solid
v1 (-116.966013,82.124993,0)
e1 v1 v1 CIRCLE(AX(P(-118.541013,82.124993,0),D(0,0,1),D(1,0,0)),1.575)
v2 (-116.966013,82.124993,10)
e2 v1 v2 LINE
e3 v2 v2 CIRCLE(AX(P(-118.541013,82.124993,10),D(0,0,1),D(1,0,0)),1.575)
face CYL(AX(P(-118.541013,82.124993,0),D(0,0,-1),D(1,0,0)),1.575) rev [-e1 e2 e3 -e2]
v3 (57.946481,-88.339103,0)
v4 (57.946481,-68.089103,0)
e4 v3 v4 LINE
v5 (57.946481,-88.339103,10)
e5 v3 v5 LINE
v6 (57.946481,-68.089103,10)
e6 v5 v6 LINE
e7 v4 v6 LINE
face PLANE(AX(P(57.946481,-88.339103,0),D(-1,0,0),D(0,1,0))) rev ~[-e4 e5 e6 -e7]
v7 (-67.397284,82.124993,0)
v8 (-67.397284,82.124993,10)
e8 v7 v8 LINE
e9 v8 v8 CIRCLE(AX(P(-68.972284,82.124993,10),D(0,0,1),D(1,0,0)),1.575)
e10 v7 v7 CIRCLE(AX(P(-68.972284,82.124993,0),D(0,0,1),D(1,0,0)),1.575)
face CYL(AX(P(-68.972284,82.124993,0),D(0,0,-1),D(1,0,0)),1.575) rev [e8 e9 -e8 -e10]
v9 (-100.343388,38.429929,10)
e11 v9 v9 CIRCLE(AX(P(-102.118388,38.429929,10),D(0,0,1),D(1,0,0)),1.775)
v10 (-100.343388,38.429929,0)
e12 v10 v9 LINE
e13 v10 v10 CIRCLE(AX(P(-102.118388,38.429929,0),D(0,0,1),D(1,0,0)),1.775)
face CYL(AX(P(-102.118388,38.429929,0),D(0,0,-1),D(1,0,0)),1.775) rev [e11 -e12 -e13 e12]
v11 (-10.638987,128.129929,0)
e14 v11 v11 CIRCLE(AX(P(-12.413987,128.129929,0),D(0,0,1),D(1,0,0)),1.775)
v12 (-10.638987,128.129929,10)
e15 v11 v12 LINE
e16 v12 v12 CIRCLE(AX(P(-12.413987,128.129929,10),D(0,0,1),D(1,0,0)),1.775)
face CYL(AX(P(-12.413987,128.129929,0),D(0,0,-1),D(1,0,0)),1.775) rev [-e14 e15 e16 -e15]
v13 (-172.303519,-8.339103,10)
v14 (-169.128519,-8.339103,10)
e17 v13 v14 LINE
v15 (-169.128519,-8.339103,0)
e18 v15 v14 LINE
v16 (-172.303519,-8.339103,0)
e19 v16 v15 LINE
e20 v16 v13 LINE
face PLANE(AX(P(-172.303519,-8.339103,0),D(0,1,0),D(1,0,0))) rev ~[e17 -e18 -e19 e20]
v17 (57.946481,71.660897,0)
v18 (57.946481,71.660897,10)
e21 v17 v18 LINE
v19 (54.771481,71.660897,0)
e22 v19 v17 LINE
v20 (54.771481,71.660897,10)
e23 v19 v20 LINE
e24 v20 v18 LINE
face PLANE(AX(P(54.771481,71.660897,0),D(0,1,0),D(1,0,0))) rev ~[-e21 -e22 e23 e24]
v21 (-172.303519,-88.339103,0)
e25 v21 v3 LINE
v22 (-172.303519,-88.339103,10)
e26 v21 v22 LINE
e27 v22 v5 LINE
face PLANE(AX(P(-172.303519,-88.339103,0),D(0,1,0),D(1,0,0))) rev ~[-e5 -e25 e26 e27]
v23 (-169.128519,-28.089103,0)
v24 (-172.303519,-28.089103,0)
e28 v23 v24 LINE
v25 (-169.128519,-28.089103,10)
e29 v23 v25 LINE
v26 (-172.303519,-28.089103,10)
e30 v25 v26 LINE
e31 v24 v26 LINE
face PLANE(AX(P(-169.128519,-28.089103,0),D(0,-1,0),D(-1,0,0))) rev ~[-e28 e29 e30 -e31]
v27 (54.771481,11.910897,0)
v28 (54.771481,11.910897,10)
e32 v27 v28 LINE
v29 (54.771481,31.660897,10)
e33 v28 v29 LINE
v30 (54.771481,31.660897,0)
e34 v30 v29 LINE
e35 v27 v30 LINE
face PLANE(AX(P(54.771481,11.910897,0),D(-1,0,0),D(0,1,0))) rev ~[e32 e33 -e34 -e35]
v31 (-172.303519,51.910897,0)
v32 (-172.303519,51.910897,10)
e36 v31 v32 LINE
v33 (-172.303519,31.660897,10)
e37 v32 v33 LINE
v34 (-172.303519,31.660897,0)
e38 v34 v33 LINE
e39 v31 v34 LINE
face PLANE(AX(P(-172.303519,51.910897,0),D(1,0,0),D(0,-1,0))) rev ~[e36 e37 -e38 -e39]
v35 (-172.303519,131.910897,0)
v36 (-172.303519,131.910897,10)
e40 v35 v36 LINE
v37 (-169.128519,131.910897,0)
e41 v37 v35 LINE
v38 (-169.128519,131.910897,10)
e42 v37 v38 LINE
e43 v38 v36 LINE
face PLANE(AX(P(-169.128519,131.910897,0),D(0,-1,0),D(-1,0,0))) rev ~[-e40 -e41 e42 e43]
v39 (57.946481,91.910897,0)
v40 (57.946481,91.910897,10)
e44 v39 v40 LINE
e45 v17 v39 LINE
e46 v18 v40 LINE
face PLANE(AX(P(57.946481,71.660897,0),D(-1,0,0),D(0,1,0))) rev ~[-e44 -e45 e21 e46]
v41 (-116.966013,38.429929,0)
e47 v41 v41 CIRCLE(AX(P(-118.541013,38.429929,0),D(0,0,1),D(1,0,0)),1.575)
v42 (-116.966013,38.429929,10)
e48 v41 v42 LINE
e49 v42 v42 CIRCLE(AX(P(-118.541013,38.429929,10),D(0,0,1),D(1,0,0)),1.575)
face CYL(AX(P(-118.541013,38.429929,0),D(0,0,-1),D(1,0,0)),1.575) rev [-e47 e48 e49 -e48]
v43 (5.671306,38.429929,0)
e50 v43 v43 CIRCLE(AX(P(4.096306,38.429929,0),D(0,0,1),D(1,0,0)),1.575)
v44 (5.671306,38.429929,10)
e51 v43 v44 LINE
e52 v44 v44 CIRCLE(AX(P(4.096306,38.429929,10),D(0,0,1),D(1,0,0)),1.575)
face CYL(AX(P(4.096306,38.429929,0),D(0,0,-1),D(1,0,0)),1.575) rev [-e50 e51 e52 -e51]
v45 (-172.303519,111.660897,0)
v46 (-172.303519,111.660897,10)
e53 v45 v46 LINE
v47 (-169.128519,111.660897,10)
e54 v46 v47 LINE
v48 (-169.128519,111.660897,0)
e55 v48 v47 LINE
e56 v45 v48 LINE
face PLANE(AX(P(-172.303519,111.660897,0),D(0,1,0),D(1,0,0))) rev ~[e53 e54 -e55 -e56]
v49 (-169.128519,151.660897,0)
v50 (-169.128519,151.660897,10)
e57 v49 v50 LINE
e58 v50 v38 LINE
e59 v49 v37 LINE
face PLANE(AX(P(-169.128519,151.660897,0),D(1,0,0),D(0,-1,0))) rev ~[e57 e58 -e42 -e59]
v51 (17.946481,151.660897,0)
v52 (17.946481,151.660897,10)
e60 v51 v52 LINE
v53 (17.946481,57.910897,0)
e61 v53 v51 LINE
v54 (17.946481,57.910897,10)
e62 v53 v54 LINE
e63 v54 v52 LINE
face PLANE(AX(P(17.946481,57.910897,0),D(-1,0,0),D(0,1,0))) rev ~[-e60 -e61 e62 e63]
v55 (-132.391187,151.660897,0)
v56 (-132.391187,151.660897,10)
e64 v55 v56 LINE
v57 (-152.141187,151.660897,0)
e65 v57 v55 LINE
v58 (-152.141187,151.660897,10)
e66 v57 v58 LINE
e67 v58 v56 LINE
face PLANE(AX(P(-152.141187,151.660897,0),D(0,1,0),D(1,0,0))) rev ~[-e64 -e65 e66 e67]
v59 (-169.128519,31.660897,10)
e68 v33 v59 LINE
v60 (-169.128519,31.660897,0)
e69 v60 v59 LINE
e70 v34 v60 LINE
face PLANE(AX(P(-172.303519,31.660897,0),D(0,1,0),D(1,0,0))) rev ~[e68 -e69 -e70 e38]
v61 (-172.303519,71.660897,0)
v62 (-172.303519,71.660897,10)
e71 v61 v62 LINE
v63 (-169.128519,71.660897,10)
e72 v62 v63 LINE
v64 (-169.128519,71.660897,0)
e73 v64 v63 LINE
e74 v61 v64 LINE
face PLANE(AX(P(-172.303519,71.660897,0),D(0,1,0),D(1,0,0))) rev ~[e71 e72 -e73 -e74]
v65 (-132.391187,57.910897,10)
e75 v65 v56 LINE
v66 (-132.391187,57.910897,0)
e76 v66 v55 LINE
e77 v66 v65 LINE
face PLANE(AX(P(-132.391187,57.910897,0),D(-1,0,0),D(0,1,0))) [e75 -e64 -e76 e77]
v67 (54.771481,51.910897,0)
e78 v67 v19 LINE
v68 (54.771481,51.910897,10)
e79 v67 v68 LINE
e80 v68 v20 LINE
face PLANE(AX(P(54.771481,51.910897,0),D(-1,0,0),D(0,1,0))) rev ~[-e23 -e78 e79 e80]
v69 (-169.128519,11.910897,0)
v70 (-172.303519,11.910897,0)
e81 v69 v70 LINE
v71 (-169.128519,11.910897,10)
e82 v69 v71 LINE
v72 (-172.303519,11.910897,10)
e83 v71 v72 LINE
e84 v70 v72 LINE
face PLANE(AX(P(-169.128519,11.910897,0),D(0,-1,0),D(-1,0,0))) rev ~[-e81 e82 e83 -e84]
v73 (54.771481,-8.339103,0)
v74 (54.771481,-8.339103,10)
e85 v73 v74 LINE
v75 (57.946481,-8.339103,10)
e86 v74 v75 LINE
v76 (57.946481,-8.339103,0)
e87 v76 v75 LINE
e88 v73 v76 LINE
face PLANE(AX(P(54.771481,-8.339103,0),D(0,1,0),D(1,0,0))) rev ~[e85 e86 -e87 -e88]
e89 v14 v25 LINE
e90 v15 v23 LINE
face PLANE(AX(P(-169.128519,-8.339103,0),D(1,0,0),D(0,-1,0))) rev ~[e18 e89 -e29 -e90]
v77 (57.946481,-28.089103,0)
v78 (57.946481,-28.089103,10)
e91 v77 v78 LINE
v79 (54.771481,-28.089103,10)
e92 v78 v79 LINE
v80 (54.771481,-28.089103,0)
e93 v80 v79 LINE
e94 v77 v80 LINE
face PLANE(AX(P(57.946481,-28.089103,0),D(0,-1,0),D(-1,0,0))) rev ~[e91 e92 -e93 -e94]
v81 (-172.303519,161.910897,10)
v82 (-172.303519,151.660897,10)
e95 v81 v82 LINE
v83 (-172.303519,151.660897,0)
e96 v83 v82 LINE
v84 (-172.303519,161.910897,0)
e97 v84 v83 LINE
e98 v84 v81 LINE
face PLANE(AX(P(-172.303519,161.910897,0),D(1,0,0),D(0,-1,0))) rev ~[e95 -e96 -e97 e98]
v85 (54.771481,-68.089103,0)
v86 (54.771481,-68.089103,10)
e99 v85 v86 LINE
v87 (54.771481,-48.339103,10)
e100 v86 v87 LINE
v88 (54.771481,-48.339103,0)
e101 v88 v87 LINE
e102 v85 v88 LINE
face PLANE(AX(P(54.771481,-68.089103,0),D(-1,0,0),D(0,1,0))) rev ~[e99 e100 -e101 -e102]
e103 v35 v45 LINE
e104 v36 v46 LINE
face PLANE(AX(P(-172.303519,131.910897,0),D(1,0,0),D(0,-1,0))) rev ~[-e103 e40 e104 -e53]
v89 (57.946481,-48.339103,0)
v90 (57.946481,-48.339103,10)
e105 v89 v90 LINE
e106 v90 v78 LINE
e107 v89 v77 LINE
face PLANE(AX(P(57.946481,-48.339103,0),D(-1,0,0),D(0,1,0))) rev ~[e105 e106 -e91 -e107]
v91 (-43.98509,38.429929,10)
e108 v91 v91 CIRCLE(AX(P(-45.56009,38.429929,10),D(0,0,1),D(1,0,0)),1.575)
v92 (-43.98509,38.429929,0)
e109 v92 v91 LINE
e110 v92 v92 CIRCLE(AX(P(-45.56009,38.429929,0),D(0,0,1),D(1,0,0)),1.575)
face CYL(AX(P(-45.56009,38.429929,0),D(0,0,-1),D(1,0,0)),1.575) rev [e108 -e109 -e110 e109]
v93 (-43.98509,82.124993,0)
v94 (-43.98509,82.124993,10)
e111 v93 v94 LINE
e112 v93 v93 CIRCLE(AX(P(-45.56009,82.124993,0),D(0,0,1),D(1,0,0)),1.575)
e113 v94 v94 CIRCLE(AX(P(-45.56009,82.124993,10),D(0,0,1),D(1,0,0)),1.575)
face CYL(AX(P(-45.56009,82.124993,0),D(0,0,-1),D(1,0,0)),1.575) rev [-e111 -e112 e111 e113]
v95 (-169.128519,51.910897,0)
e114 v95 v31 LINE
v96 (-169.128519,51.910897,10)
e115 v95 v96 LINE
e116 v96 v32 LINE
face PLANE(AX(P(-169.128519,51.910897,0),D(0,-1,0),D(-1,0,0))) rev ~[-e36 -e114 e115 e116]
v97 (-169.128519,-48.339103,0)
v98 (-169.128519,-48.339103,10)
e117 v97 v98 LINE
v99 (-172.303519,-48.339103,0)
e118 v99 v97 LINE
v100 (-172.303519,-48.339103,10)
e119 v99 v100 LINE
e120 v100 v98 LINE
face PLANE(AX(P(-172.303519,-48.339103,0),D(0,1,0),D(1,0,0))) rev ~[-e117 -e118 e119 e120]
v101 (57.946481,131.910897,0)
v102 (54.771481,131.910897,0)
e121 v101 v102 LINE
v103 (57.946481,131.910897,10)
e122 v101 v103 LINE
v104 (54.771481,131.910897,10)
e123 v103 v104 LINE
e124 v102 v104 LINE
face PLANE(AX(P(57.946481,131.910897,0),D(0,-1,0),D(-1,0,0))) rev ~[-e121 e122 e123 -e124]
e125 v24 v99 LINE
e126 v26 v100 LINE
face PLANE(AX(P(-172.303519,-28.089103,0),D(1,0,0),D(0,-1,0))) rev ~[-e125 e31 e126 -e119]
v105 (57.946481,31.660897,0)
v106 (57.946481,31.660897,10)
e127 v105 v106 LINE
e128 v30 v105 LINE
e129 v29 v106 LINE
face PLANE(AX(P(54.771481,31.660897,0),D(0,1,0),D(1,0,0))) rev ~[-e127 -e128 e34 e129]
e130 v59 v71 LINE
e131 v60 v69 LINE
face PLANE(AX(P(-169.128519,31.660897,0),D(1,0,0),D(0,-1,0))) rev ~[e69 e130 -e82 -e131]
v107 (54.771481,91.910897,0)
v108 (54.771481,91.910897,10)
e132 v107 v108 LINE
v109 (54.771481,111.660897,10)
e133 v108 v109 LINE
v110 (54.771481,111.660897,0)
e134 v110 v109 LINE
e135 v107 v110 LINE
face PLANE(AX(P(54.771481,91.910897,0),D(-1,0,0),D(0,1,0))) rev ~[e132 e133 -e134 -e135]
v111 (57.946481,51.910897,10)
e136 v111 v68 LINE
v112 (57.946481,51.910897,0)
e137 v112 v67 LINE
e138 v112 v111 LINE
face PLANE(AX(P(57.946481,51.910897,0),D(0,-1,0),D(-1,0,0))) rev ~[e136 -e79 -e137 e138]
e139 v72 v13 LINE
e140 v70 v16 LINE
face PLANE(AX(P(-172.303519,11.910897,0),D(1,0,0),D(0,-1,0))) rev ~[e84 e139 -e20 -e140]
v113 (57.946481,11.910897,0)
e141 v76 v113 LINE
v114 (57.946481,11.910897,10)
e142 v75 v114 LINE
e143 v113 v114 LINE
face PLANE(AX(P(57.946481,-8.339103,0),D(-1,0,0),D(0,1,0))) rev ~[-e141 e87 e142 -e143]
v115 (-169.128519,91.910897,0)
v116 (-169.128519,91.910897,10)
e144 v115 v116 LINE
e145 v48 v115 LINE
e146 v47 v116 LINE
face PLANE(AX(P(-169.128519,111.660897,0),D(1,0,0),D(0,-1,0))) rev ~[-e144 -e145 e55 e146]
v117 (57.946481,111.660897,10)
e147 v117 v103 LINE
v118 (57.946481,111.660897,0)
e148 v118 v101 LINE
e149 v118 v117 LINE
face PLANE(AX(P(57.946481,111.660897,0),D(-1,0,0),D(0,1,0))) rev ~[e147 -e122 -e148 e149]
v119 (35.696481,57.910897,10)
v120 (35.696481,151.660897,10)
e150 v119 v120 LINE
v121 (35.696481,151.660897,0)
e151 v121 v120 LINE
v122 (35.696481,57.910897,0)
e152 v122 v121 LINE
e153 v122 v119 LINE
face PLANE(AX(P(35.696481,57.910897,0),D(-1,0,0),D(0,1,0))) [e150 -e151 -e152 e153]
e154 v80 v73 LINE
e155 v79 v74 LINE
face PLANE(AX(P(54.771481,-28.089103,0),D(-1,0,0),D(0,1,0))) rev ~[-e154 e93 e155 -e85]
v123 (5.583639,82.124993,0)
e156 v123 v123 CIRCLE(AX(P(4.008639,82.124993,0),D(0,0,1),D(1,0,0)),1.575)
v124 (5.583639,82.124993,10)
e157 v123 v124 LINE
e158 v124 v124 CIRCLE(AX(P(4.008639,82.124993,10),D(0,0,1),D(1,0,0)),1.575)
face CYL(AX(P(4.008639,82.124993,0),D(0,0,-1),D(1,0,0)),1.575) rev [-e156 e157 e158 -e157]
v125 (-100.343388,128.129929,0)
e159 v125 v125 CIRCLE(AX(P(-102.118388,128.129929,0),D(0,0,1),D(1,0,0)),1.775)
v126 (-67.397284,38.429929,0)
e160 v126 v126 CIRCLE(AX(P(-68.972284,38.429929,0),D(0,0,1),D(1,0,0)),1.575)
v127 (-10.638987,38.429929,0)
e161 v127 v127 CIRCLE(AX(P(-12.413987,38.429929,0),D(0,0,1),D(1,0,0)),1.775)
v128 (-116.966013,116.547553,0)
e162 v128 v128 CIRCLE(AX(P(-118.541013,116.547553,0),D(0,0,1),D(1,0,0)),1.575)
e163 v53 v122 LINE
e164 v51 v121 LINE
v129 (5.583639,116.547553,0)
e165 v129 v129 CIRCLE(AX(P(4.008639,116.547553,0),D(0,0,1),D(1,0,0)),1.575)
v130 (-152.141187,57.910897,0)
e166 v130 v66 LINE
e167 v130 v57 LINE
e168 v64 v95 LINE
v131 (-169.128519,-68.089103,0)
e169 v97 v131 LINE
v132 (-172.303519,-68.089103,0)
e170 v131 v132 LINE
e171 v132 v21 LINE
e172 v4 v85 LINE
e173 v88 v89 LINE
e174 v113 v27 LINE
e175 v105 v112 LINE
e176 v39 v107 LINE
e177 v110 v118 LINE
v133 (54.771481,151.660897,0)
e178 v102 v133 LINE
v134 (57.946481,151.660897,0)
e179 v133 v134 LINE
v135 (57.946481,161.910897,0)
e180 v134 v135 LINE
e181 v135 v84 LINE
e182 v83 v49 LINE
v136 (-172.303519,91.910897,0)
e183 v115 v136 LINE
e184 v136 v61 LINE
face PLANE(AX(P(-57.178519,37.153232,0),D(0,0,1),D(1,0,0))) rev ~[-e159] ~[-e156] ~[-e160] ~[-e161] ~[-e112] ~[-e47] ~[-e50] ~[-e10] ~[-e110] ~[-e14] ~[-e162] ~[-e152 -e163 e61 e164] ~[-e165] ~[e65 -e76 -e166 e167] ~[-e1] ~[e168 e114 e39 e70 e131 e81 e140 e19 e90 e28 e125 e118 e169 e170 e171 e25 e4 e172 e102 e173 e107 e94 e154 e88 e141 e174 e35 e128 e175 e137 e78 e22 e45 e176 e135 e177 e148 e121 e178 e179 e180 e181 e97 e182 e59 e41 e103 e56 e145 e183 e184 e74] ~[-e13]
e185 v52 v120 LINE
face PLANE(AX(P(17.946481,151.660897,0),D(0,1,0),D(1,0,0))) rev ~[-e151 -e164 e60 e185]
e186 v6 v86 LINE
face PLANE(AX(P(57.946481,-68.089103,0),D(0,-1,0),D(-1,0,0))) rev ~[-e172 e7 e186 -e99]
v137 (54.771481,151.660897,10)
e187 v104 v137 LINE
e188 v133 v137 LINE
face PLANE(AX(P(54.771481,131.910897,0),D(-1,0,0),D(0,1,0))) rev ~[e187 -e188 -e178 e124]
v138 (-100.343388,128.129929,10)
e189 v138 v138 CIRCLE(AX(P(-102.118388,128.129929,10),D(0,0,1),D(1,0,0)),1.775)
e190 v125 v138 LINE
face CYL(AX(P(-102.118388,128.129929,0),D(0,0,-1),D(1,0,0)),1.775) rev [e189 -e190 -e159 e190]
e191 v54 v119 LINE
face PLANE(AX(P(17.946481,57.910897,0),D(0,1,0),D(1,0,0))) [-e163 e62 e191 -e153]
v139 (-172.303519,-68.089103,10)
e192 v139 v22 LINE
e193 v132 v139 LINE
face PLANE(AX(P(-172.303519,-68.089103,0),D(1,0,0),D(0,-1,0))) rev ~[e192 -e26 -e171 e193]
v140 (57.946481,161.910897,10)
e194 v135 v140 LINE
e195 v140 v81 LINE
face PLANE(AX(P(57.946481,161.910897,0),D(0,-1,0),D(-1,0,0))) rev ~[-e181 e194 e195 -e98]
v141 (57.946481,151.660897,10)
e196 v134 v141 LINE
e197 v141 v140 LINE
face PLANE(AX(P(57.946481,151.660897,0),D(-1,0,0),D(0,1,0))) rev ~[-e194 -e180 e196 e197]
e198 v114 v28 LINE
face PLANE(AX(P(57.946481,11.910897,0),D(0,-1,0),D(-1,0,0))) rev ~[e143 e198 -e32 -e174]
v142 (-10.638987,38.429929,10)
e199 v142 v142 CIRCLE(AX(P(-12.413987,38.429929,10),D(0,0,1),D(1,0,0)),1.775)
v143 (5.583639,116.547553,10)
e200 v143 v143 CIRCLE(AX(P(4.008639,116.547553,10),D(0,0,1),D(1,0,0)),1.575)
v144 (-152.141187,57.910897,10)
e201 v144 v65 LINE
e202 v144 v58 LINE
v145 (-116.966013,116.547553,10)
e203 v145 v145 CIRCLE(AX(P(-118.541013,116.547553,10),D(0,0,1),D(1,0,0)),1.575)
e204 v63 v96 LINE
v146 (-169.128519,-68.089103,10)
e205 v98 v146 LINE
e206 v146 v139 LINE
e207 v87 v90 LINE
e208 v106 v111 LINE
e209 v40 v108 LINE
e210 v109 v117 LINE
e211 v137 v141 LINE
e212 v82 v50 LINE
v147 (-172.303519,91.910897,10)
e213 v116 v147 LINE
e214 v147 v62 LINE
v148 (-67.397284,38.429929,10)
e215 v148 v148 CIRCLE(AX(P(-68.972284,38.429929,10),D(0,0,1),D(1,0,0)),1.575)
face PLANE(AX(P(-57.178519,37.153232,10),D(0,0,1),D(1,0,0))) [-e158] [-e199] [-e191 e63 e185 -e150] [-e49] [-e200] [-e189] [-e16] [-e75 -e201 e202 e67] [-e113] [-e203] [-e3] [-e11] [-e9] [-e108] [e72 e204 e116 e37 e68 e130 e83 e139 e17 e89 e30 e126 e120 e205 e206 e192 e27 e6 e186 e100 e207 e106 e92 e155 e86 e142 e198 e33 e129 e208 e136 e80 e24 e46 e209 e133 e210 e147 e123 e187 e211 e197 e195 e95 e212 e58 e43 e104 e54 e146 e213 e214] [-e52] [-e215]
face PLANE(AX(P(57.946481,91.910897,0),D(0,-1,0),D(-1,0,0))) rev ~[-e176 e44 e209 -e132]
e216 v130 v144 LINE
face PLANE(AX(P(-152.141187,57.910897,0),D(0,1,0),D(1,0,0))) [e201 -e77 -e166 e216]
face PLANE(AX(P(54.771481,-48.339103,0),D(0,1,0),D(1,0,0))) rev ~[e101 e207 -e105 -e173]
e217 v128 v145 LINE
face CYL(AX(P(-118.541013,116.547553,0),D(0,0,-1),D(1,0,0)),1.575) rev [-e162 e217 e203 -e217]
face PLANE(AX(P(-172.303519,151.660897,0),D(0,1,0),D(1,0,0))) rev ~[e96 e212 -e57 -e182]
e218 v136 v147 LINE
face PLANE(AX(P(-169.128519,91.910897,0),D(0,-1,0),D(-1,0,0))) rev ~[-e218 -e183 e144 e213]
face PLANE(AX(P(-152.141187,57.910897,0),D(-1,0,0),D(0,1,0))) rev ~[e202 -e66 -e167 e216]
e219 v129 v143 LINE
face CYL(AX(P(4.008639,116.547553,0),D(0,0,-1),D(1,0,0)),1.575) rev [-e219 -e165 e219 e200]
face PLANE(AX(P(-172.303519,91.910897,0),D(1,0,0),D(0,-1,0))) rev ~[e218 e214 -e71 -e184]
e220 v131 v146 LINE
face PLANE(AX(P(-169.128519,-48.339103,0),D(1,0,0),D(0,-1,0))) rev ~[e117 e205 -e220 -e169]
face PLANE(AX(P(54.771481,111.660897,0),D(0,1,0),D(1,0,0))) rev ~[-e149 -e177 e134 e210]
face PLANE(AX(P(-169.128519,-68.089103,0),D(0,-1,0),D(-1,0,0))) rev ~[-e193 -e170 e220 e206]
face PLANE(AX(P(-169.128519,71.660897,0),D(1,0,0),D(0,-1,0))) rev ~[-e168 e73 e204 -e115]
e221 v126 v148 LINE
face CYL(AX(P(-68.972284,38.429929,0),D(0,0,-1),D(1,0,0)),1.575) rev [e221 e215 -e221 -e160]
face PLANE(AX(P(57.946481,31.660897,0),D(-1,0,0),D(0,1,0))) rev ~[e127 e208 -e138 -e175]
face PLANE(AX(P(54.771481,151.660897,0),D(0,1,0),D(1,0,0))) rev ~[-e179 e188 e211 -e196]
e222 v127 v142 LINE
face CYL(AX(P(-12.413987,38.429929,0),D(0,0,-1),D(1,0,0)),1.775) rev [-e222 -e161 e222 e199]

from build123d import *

# Parameters (mm, degrees)
MODEL_R             = 1.775
MODEL_R_2           = 1.575
MODEL_W             = 19.75
MODEL_H             = 93.75
MODEL_W_2           = 17.75
BOSS_EXTRUDE1_DEPTH = 10


with BuildPart() as part:
    # Model → Boss-Extrude1 (new body)
    with BuildSketch(Plane.XY):
        Polygon((57.946480534, -88.339102909), (57.946480534, -68.089102909), (54.771480534, -68.089102909), (54.771480534, -48.339102909), (57.946480534, -48.339102909), (57.946480534, -28.089102909), (54.771480534, -28.089102909), (54.771480534, -8.339102909), (57.946480534, -8.339102909), (57.946480534, 11.910897091), (54.771480534, 11.910897091), (54.771480534, 31.660897091), (57.946480534, 31.660897091), (57.946480534, 51.910897091), (54.771480534, 51.910897091), (54.771480534, 71.660897091), (57.946480534, 71.660897091), (57.946480534, 91.910897091), (54.771480534, 91.910897091), (54.771480534, 111.660897091), (57.946480534, 111.660897091), (57.946480534, 131.910897091), (54.771480534, 131.910897091), (54.771480534, 151.660897091), (57.946480534, 151.660897091), (57.946480534, 161.910897091), (-172.303519466, 161.910897091), (-172.303519466, 151.660897091), (-169.128519466, 151.660897091), (-169.128519466, 131.910897091), (-172.303519466, 131.910897091), (-172.303519466, 111.660897091), (-169.128519466, 111.660897091), (-169.128519466, 91.910897091), (-172.303519466, 91.910897091), (-172.303519466, 71.660897091), (-169.128519466, 71.660897091), (-169.128519466, 51.910897091), (-172.303519466, 51.910897091), (-172.303519466, 31.660897091), (-169.128519466, 31.660897091), (-169.128519466, 11.910897091), (-172.303519466, 11.910897091), (-172.303519466, -8.339102909), (-169.128519466, -8.339102909), (-169.128519466, -28.089102909), (-172.303519466, -28.089102909), (-172.303519466, -48.339102909), (-169.128519466, -48.339102909), (-169.128519466, -68.089102909), (-172.303519466, -68.089102909), (-172.303519466, -88.339102909), align=None)
        with Locations((-12.413986694, 38.429929163)):
            Circle(MODEL_R, mode=Mode.SUBTRACT)
        with Locations((4.096306466, 38.429929163)):
            Circle(MODEL_R_2, mode=Mode.SUBTRACT)
        with Locations((4.008638821, 82.124992621)):
            Circle(MODEL_R_2, mode=Mode.SUBTRACT)
        with Locations((-45.560089874, 82.12499262)):
            Circle(MODEL_R_2, mode=Mode.SUBTRACT)
        with Locations((-45.560089874, 38.429929163)):
            Circle(MODEL_R_2, mode=Mode.SUBTRACT)
        with Locations((-68.972284348, 38.429929163)):
            Circle(MODEL_R_2, mode=Mode.SUBTRACT)
        with Locations((-68.972284348, 82.12499262)):
            Circle(MODEL_R_2, mode=Mode.SUBTRACT)
        with Locations((-102.118387528, 38.429929163)):
            Circle(MODEL_R, mode=Mode.SUBTRACT)
        with Locations((-118.541013043, 38.429929163)):
            Circle(MODEL_R_2, mode=Mode.SUBTRACT)
        with Locations((-118.541013043, 82.12499262)):
            Circle(MODEL_R_2, mode=Mode.SUBTRACT)
        with Locations((-118.541013043, 116.547553094)):
            Circle(MODEL_R_2, mode=Mode.SUBTRACT)
        with Locations((-102.118387528, 128.129929163)):
            Circle(MODEL_R, mode=Mode.SUBTRACT)
        with Locations((-12.413986694, 128.129929163)):
            Circle(MODEL_R, mode=Mode.SUBTRACT)
        with Locations((4.008638821, 116.547553094)):
            Circle(MODEL_R_2, mode=Mode.SUBTRACT)
        with Locations((-142.266187111, 104.785897091)):
            Rectangle(MODEL_W, MODEL_H, mode=Mode.SUBTRACT)
        with Locations((26.821480534, 104.785897091)):
            Rectangle(MODEL_W_2, MODEL_H, mode=Mode.SUBTRACT)
    extrude(amount=BOSS_EXTRUDE1_DEPTH)


solid = part.part
